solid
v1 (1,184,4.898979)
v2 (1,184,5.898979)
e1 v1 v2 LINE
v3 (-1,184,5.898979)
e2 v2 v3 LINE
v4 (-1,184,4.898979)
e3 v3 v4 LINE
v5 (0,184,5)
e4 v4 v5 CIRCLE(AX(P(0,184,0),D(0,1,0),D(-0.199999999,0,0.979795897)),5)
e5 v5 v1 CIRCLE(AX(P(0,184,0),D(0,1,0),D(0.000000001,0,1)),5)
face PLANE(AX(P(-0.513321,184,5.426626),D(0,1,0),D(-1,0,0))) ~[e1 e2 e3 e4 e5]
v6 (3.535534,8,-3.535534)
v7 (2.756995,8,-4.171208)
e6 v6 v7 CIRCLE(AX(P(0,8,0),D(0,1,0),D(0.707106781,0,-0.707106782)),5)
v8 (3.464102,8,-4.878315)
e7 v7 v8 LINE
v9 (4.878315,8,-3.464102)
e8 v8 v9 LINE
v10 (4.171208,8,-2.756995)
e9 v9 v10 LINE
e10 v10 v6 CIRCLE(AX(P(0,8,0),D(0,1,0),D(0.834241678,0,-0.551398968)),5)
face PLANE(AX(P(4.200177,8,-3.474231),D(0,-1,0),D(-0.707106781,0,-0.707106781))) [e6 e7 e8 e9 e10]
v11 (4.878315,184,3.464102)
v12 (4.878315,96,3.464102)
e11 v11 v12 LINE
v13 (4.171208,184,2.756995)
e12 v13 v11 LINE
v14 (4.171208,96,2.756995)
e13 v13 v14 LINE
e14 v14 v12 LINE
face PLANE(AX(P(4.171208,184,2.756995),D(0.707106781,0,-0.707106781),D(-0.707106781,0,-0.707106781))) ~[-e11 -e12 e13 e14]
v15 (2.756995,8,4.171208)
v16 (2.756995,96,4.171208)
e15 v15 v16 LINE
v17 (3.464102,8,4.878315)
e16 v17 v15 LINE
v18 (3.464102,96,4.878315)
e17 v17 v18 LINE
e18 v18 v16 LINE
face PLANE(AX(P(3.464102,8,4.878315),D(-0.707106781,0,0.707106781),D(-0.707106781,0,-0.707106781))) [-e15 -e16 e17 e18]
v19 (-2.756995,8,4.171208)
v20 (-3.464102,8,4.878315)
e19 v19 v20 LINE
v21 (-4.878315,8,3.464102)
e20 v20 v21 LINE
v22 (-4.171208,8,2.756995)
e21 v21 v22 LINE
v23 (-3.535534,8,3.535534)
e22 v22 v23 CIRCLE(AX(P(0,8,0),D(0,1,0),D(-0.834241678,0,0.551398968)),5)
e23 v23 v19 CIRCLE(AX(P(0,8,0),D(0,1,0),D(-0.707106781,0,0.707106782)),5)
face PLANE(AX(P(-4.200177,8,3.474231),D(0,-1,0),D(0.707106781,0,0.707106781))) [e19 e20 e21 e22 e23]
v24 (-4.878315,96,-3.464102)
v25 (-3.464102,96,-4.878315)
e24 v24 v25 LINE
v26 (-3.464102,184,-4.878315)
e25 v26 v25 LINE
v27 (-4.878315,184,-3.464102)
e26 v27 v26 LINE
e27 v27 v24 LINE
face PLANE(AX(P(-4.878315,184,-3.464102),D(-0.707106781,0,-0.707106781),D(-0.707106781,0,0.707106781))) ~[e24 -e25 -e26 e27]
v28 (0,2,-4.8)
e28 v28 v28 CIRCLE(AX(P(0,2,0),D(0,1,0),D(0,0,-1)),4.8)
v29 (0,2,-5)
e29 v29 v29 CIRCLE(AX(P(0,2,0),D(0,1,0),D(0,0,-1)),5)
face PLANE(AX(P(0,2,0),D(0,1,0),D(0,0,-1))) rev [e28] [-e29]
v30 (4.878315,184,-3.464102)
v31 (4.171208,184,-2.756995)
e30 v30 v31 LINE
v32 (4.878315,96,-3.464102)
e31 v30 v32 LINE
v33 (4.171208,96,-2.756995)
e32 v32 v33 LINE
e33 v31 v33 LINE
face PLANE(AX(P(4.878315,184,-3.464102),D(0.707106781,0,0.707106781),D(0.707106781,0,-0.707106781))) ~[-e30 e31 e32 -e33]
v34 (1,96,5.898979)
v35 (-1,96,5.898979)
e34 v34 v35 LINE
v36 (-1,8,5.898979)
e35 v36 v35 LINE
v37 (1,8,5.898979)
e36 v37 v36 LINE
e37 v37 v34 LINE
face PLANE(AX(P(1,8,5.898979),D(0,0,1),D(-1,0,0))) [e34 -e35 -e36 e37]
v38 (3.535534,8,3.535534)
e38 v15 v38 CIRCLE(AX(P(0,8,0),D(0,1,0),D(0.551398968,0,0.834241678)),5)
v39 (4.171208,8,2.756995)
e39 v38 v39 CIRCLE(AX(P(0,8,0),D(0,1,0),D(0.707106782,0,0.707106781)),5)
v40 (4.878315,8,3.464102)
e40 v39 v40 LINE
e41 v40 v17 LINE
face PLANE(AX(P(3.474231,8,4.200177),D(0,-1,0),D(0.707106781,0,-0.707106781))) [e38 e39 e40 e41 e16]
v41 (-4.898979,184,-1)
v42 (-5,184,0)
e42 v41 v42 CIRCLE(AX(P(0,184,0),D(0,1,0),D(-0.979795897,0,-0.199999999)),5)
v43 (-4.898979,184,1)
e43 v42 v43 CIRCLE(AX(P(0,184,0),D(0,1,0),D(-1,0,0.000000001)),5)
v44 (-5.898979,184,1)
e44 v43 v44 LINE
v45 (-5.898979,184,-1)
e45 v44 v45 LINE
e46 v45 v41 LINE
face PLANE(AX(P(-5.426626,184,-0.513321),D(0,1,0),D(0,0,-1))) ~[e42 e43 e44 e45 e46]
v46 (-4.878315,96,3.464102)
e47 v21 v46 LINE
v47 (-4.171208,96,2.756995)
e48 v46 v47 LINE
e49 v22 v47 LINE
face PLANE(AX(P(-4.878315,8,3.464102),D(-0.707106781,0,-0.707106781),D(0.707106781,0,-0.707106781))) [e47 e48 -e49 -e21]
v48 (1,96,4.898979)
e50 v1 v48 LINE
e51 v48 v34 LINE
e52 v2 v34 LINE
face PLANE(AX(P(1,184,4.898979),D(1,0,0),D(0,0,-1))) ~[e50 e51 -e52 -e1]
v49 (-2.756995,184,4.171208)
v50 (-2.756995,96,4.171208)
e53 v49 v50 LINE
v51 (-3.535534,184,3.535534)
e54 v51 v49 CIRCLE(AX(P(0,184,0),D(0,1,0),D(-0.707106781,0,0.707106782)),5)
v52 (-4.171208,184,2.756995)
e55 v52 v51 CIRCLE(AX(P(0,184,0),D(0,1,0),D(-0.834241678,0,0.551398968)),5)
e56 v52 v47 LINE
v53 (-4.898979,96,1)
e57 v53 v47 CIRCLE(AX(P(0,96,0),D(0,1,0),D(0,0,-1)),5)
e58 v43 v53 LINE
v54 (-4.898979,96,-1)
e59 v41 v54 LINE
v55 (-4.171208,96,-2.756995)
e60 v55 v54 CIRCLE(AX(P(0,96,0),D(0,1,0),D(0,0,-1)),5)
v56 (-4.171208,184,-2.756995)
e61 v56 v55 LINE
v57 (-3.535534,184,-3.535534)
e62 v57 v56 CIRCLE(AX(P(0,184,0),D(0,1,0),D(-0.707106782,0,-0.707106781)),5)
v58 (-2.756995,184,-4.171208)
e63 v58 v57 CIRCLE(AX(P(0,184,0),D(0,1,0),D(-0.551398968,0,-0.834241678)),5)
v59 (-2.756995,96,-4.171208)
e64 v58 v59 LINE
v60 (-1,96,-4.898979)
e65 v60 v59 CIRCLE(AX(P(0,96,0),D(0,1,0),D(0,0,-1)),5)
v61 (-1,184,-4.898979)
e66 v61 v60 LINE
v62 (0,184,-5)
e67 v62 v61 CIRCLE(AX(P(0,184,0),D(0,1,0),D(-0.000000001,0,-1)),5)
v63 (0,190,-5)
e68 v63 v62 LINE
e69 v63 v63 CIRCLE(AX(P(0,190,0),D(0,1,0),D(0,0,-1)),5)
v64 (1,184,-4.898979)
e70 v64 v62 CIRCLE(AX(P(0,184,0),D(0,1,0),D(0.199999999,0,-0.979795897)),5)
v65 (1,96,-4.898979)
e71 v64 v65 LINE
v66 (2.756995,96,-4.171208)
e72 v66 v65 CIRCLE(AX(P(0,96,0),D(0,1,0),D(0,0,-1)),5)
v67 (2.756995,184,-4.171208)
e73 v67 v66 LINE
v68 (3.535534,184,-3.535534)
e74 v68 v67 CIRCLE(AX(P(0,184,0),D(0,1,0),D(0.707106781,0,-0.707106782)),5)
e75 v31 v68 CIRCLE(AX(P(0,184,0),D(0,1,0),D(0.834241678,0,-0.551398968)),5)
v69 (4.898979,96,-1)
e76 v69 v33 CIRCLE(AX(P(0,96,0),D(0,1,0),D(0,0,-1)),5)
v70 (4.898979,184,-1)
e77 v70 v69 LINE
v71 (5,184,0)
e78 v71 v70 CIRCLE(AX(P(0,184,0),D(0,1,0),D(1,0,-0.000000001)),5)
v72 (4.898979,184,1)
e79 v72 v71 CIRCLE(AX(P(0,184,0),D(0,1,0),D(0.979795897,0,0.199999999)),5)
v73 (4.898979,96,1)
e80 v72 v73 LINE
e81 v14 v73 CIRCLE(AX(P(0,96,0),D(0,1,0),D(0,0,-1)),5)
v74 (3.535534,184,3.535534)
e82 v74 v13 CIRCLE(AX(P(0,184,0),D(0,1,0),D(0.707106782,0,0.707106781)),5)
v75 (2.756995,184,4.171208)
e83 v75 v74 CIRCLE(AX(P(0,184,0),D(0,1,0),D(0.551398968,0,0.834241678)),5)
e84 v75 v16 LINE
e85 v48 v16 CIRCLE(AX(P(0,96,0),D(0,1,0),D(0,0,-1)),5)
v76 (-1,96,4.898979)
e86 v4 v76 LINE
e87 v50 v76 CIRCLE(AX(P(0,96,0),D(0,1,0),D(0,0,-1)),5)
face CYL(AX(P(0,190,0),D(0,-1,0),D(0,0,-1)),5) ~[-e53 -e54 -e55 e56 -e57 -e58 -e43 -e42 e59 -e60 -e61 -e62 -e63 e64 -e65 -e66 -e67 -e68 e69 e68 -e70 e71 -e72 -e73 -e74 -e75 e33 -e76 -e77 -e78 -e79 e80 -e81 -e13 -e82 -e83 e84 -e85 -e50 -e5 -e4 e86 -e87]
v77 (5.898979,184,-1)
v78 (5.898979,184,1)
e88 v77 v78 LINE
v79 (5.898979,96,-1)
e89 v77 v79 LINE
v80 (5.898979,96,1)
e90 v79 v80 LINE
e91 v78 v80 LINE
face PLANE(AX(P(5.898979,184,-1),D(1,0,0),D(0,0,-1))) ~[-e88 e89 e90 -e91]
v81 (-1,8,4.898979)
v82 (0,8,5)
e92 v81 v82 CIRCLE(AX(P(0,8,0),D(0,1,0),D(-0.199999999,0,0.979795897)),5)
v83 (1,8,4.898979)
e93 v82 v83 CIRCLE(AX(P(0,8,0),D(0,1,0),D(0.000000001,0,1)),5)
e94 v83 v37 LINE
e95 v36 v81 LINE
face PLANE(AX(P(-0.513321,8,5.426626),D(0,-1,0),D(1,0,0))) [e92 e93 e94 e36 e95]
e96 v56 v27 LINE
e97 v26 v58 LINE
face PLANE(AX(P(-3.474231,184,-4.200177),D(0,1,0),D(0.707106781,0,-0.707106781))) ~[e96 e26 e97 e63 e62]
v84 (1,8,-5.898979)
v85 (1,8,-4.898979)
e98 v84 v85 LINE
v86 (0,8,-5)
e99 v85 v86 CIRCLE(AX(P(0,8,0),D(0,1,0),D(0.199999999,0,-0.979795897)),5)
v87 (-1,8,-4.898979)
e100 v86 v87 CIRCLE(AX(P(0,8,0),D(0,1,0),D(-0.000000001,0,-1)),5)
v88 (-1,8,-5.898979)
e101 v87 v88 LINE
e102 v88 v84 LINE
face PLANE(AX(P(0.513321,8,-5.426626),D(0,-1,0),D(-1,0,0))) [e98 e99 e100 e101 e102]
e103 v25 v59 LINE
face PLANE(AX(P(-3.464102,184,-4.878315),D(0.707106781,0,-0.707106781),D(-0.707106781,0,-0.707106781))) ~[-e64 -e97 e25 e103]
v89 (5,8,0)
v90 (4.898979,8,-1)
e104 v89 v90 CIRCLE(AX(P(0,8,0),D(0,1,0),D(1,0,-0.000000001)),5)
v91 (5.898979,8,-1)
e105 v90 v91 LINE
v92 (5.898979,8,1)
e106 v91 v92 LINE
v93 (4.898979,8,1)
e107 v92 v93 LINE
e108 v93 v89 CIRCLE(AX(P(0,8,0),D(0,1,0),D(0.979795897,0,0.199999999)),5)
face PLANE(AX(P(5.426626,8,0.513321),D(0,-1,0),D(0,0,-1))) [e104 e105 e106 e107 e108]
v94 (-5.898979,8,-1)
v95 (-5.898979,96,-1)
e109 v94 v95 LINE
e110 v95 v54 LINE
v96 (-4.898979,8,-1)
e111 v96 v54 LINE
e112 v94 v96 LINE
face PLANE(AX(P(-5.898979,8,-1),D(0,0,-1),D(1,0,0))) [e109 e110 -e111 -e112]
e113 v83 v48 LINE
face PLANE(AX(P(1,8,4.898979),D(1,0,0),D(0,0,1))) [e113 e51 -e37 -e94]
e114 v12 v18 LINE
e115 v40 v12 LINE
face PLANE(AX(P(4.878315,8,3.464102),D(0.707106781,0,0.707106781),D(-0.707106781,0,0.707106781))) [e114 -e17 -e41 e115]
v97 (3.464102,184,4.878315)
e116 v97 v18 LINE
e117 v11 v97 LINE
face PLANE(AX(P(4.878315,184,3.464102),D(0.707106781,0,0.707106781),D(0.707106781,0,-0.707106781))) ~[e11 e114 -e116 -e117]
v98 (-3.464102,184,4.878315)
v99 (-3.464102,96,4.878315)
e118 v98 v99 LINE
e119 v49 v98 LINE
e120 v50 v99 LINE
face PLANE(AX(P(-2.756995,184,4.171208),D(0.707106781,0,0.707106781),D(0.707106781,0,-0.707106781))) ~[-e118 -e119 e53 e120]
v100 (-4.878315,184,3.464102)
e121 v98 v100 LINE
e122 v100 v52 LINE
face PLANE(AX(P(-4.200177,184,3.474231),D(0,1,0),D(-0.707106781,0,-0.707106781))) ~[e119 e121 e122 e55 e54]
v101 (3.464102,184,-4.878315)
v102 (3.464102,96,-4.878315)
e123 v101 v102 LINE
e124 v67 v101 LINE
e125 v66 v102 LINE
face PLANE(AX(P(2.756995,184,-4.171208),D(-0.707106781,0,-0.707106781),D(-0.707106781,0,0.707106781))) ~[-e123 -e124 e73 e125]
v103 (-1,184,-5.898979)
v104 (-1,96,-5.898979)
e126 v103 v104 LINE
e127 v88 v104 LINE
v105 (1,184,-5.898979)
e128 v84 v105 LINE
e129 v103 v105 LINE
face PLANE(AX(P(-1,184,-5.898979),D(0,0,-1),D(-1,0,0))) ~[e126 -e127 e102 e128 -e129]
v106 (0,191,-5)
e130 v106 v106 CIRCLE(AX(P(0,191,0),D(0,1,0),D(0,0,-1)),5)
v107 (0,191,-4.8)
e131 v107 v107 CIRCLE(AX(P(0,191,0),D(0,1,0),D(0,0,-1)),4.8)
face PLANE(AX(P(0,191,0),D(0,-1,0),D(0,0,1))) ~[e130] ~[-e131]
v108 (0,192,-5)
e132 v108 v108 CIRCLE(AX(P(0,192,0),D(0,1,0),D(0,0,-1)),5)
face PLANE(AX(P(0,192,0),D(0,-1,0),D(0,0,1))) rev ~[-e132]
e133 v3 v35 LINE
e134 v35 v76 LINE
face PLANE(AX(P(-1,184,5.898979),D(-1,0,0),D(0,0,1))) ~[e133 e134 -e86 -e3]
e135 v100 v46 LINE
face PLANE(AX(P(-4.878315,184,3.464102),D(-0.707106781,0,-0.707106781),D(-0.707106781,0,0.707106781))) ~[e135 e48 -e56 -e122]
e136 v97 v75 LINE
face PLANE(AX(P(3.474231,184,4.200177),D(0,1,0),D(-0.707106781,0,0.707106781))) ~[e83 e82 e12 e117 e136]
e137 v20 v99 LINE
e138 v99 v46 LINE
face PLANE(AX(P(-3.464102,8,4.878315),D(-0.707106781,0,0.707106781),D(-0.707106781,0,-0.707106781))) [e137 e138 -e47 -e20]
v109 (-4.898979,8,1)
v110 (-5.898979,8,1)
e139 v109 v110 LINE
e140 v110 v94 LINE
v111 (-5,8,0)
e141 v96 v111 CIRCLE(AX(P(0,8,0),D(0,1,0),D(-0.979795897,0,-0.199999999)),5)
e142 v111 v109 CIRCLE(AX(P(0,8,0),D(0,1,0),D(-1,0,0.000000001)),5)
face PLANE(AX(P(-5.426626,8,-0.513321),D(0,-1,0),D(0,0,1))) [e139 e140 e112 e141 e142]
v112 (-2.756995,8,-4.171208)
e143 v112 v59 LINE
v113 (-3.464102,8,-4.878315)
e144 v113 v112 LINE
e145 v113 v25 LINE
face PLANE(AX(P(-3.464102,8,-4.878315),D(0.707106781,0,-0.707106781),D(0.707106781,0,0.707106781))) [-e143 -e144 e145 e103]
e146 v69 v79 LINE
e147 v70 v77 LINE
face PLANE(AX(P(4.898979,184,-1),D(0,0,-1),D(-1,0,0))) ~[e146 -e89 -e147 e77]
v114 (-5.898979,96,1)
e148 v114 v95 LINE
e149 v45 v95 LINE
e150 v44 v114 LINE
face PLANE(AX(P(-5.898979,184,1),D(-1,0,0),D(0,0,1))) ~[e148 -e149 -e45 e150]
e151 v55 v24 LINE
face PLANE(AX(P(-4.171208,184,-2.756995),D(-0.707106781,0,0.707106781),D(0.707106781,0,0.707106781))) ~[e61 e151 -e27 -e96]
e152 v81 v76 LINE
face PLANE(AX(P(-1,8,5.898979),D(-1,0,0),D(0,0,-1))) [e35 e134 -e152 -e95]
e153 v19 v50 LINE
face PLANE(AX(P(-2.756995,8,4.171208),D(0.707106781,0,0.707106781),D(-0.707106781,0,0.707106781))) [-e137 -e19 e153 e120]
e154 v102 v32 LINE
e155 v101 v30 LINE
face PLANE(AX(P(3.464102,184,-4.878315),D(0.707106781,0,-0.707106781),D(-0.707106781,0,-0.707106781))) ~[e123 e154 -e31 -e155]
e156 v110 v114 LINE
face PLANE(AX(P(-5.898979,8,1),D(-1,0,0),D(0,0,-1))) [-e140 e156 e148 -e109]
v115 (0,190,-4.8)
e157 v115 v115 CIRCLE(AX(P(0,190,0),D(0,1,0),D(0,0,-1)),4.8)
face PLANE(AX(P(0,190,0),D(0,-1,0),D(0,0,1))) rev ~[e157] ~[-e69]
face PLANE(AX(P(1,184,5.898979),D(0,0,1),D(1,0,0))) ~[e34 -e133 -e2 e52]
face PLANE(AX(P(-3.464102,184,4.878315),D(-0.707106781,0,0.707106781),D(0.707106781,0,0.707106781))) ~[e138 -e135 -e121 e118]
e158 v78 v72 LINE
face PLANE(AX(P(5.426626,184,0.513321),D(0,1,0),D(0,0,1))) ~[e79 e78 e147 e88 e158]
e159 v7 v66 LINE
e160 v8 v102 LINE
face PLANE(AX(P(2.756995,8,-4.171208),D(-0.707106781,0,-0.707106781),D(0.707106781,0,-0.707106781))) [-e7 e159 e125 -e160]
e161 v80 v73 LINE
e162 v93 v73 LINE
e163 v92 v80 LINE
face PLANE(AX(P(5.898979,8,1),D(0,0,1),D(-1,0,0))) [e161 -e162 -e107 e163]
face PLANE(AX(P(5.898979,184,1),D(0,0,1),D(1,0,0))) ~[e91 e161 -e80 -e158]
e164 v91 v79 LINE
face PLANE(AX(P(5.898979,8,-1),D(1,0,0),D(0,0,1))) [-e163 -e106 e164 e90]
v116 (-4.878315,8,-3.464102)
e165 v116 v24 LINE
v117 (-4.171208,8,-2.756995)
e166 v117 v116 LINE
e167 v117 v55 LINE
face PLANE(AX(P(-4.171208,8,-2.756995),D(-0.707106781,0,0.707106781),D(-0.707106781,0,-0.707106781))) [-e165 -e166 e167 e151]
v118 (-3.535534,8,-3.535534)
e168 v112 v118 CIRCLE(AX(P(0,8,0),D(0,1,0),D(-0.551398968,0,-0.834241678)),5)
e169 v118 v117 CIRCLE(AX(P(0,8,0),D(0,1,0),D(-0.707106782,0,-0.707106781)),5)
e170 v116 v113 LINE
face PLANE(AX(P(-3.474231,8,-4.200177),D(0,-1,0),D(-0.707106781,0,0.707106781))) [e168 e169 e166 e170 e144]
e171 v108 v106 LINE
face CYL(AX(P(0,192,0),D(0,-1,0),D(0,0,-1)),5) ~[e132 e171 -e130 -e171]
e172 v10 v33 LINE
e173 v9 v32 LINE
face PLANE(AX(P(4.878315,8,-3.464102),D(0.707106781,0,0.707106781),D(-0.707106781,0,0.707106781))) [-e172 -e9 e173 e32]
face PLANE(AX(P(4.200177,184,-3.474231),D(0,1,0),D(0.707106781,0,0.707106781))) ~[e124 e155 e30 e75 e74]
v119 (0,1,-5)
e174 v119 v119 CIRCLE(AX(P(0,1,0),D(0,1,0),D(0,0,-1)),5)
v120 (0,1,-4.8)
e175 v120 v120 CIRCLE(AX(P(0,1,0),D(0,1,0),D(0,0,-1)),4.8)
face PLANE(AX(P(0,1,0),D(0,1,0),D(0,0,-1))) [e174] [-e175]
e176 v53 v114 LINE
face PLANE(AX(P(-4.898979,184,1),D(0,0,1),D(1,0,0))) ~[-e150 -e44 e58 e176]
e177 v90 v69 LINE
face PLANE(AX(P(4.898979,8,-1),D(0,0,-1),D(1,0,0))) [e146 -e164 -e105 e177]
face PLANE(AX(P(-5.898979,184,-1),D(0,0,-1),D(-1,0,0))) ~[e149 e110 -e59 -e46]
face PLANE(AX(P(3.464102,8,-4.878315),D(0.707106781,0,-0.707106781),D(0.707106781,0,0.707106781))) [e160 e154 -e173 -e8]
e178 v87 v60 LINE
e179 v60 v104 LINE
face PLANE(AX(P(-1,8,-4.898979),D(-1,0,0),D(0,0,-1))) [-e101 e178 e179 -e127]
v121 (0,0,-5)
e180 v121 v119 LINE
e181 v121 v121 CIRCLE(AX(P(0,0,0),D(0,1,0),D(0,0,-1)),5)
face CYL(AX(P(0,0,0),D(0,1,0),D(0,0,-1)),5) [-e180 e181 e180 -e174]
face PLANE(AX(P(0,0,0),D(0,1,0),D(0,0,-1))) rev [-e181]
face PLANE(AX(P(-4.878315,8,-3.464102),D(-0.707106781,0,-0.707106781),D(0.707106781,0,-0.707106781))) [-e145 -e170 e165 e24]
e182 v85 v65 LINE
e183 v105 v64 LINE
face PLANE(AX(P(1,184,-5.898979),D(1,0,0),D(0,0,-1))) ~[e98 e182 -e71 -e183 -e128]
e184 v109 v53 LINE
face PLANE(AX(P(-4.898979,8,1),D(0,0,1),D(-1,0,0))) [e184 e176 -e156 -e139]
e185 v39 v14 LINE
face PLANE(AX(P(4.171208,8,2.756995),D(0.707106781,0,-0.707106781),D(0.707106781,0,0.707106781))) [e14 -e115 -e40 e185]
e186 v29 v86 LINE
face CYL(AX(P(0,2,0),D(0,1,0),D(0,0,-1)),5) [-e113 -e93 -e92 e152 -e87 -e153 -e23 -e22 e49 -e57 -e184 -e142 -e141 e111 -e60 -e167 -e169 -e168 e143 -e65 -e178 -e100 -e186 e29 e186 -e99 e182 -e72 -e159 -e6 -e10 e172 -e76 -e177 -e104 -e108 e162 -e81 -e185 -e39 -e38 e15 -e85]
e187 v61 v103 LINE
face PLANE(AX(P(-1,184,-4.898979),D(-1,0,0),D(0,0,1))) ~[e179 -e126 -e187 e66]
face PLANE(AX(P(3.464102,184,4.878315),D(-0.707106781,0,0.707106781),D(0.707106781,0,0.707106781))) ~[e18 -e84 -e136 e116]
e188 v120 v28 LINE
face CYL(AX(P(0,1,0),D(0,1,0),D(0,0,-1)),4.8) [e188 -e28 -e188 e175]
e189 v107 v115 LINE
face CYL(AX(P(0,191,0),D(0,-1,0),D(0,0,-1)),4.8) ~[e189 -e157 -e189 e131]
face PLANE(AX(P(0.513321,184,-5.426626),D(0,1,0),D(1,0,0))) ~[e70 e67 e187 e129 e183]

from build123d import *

# Parameters (mm, degrees)
BOSS_EXTRUDE2_START = -8
BOSS_EXTRUDE2_DEPTH = 88
CIRPATTERN1_COUNT   = 8


with BuildPart() as part:
    # Sketch3 → Revolve1 (revolve)
    with BuildSketch(Plane(origin=(0, 0, 0), x_dir=(0, 0, -1), z_dir=(1, 0, 0))):
        Polygon((5, 96), (0, 96), (0, 0), (5, 0), (5, 1), (4.8, 1), (4.8, 2), (5, 2), align=None)
    revolve(axis=Axis((0, 0, 0), (0, 1, 0)))

    # Sketch4 → Boss-Extrude2 (add, through all)
    with BuildSketch(Plane.XZ.offset(BOSS_EXTRUDE2_START)):
        with BuildLine():
            Line((-1, 5.898979486), (-1, 4.898979486))
            ThreePointArc((-1, 4.898979486), (-0.50254481, 4.974680765), (0, 5))
            Line((0, 5), (0, 5.898979486))
            Line((0, 5.898979486), (-1, 5.898979486))
        make_face()
        with BuildLine():
            Line((0, 5.898979486), (0, 5))
            ThreePointArc((0, 5), (0.50254481, 4.974680765), (1, 4.898979486))
            Line((1, 4.898979486), (1, 5.898979486))
            Line((1, 5.898979486), (0, 5.898979486))
        make_face()
    boss_extrude2 = extrude(amount=-BOSS_EXTRUDE2_DEPTH)

    # CirPattern1: Boss-Extrude2 ×8 about axis
    cirpattern1_axis = Axis((0, 0, 0), (0, 1, 0))
    for i in range(1, CIRPATTERN1_COUNT):
        add(boss_extrude2.rotate(cirpattern1_axis, i * 360 / CIRPATTERN1_COUNT))

    # Mirror1: part across plane


with BuildPart() as part_1:
    add(part.part)
    add(part.part.mirror(Plane(origin=(0, 96, 0), x_dir=(0, 0, 1), z_dir=(0, -1, 0))))


solid = part_1.part
